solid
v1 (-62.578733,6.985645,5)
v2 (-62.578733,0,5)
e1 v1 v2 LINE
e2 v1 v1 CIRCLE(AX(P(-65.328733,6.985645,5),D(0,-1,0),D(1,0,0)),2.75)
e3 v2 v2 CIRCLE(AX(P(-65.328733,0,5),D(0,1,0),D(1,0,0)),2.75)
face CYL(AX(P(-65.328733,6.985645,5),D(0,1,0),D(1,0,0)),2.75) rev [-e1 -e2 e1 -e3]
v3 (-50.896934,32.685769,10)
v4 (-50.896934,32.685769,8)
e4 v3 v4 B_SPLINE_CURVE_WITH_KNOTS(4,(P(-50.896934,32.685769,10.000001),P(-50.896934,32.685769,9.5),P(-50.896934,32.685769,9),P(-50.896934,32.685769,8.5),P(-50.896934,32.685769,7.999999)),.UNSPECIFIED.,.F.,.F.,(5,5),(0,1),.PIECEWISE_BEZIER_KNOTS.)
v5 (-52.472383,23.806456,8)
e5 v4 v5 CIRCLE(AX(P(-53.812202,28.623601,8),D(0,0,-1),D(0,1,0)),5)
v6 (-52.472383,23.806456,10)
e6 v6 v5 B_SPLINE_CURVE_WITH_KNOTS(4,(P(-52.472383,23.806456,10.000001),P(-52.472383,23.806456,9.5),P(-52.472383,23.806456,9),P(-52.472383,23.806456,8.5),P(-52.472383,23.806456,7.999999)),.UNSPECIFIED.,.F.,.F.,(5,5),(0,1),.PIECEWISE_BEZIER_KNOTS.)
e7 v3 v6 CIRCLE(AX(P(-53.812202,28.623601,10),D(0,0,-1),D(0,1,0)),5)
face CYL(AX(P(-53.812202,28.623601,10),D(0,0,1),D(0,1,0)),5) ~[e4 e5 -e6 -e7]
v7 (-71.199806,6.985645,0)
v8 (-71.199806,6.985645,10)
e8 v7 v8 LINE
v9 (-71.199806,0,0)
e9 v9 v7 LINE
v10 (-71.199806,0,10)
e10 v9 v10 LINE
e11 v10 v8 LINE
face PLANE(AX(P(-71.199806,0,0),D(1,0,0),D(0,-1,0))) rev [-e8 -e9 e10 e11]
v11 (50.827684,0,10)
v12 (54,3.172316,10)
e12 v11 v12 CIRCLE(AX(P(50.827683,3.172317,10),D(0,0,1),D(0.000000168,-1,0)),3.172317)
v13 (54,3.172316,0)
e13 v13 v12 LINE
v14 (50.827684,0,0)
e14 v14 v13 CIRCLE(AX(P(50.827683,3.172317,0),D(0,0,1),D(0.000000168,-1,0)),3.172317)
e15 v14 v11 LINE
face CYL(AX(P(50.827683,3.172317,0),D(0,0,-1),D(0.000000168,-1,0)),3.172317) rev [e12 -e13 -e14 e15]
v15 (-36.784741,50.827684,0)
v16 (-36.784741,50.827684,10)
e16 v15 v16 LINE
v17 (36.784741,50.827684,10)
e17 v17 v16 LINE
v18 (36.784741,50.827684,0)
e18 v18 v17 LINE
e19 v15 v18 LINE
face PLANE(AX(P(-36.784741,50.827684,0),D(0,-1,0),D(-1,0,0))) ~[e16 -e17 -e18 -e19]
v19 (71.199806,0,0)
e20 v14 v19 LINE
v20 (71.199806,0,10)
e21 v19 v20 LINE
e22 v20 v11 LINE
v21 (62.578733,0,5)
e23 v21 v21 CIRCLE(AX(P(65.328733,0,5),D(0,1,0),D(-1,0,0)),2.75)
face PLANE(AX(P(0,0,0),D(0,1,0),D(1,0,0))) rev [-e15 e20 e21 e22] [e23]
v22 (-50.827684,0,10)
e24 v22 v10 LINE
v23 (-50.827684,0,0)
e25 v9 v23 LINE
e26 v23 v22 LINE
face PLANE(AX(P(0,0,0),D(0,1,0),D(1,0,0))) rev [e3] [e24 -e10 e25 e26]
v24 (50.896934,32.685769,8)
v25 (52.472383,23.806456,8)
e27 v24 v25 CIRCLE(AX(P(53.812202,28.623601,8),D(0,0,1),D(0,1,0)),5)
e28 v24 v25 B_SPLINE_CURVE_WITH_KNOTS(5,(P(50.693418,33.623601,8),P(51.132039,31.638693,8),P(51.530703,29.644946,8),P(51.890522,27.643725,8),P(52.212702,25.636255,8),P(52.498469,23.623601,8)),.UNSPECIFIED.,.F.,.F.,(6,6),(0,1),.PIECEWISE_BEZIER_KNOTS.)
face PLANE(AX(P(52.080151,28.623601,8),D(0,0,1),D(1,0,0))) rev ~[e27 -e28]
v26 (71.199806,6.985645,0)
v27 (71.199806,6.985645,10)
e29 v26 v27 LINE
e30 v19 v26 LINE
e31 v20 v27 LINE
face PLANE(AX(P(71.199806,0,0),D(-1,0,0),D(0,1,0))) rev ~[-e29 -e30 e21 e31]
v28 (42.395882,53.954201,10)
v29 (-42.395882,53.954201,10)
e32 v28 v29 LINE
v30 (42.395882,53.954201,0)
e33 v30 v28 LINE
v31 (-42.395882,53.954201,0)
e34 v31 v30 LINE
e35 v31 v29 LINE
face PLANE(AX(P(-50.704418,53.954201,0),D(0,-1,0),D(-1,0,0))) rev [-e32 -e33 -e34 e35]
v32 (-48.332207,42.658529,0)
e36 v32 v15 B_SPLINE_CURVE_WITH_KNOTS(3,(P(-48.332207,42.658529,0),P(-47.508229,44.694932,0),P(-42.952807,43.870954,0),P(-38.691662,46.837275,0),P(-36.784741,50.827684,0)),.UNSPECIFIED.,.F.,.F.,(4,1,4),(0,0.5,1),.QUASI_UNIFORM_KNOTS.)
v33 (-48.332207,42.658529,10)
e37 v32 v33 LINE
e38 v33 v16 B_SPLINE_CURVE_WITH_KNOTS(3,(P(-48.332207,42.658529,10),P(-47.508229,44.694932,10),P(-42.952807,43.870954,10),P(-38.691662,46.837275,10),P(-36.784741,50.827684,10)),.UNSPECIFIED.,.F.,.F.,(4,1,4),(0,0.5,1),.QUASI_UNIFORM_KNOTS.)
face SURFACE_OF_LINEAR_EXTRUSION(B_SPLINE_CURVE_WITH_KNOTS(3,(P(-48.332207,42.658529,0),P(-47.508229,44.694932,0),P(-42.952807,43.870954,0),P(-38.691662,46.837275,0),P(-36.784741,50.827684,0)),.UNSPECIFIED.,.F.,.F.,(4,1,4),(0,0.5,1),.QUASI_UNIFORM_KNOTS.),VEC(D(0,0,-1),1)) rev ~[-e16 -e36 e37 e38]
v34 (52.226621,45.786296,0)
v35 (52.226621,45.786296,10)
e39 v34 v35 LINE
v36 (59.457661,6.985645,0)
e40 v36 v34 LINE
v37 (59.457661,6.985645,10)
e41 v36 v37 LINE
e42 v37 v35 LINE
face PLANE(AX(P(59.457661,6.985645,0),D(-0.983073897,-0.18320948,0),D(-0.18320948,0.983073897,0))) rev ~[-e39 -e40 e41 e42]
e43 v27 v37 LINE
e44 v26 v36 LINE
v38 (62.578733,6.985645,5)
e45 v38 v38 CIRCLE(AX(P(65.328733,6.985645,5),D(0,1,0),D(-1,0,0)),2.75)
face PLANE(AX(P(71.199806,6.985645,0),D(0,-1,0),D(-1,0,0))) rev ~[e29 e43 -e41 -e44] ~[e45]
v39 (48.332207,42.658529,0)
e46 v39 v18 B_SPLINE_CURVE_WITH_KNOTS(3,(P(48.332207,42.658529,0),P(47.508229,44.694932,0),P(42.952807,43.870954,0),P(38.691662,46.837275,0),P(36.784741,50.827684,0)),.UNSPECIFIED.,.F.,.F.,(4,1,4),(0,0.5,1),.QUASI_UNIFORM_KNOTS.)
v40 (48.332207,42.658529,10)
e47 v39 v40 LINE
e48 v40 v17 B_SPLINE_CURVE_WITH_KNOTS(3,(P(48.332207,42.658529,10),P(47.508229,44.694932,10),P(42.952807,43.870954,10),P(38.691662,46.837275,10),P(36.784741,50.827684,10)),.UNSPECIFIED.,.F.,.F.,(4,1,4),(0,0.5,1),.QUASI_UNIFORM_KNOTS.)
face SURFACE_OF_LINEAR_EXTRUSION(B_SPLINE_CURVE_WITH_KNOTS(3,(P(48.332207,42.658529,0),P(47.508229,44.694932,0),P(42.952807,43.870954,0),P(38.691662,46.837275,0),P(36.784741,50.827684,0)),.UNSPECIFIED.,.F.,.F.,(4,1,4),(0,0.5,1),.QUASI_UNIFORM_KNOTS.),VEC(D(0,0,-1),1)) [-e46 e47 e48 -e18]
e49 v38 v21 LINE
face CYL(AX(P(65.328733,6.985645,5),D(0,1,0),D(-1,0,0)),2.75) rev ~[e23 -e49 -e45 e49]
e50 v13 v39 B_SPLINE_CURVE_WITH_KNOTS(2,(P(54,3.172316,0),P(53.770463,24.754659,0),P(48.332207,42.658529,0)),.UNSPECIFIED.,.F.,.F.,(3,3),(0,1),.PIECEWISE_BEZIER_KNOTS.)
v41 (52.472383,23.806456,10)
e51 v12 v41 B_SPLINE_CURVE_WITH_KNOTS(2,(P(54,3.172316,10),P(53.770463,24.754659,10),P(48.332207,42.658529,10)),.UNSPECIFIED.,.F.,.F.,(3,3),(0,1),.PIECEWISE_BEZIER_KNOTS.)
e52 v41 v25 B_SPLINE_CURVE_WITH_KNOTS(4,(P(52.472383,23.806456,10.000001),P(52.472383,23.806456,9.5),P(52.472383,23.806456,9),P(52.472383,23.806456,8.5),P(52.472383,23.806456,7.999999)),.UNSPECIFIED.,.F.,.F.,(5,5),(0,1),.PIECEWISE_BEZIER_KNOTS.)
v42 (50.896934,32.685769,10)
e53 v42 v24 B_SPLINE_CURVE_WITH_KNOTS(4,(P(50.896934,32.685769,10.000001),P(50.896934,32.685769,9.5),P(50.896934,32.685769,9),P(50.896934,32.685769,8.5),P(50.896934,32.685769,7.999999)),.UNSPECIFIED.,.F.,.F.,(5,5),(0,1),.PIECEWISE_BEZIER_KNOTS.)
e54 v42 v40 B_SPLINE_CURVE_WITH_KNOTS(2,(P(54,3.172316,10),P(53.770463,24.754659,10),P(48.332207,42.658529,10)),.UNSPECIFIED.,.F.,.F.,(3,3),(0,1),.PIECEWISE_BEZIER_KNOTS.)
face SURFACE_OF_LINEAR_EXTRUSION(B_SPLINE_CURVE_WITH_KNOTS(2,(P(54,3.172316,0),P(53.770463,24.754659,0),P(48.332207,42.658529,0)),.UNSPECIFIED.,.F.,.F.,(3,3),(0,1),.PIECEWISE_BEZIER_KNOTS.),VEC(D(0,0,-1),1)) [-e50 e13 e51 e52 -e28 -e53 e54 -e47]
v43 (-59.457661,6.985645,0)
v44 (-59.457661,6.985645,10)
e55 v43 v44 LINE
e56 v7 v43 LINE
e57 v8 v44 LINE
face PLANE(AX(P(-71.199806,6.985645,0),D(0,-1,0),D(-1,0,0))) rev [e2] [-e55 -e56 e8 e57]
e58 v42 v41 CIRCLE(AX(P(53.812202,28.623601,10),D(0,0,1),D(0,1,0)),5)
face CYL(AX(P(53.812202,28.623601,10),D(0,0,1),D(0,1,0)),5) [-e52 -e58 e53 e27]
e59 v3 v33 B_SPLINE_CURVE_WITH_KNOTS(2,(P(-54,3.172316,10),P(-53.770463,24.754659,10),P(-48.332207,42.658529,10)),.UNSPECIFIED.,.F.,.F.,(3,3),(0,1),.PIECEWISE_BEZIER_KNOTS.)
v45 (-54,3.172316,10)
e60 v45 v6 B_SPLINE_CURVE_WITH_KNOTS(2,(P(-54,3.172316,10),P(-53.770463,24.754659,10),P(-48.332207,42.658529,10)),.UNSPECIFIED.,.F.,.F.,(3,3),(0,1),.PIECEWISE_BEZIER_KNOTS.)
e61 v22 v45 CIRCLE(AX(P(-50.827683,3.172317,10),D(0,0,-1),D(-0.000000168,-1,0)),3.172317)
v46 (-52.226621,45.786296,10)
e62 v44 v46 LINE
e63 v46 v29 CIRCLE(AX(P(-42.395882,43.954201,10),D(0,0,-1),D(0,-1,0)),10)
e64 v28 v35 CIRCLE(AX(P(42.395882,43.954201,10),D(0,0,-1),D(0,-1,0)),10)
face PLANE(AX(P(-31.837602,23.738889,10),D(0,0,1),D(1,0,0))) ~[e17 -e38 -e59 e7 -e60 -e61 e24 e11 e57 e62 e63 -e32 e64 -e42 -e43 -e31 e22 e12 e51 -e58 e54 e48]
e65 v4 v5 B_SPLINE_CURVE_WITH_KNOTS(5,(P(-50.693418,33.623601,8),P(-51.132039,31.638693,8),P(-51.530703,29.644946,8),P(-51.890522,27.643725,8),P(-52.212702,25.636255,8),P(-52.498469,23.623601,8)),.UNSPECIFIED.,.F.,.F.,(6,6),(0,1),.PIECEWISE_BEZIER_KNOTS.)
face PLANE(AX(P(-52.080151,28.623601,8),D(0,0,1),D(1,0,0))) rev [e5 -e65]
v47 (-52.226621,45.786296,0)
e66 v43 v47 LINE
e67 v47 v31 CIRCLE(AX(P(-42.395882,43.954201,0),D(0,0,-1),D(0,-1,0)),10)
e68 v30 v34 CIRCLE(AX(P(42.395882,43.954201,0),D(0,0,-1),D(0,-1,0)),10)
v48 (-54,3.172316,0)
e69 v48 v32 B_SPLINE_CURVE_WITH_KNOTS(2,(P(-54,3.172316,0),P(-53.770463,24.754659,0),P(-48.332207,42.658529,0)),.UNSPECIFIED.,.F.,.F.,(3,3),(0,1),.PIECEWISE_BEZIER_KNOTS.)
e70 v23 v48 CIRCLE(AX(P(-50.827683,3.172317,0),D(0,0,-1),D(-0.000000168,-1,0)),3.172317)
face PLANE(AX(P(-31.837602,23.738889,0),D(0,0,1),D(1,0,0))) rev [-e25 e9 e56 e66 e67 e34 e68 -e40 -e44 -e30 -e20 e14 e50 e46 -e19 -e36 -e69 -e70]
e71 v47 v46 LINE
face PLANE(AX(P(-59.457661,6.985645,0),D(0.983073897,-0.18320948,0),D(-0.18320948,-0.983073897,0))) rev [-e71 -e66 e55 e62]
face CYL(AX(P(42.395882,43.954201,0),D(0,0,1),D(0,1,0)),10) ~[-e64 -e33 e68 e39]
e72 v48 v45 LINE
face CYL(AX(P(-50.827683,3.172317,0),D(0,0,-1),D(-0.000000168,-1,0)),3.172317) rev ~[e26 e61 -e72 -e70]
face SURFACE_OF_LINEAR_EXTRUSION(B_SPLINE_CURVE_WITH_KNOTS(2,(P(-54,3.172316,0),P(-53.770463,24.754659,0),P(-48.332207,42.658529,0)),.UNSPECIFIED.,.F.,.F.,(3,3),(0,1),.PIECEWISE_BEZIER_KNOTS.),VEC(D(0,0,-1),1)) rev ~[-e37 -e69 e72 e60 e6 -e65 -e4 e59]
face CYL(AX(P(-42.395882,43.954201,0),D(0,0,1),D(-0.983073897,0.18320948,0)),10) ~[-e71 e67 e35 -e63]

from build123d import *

# Parameters (mm, degrees)
PAD_DEPTH    = 10
POCKET_DEPTH = 2
PAD001_DEPTH = 10
SKETCH002_R  = 2.75
HOLE_DEPTH   = 186.769494
FILLET_R     = 10


with BuildPart() as body:
    # Sketch → Pad (new body)
    with BuildSketch(Plane.XY):
        with BuildLine():
            ThreePointArc((50.827684, 0), (53.07085, 0.92915), (54, 3.172316))
            add(Edge.make_bspline(
                [(54, 3.172316), (53.770463, 24.754659), (48.332207, 42.658529)],
                knots=[0, 0, 0, 1, 1, 1], degree=2))
            add(Edge.make_bspline(
                [(48.332207, 42.658529), (47.508229, 44.694932), (42.952807, 43.870954), (38.691662, 46.837275), (36.784741, 50.827684)],
                knots=[0, 0, 0, 0, 0.5, 1, 1, 1, 1], degree=3))
            Line((36.784741, 50.827684), (0, 50.827684))
            Line((0, 50.827684), (0, 0))
            Line((0, 0), (50.827684, 0))
        make_face()
    pad = extrude(amount=PAD_DEPTH)

    # Mirrored: Pad across Sketch V_Axis
    add(pad.mirror(Plane(origin=(0, 0, 0), x_dir=(0, 0, 1), z_dir=(1, 0, 0))))

    # Sketch003 (on Face13 of Cut) → Pocket (cut)
    with BuildSketch(Plane.XY.offset(10)):
        with BuildLine():
            ThreePointArc((53.812202, 33.623601), (48.812202, 28.623601), (53.812202, 23.623601))
            Line((53.812202, 23.623601), (53.812202, 33.623601))
        make_face()
    pocket = extrude(amount=-POCKET_DEPTH, mode=Mode.SUBTRACT)

    # Mirrored003: Pocket across Sketch003 V_Axis
    add(pocket.mirror(Plane(origin=(0, 0, 10), x_dir=(0, 0, 1), z_dir=(1, 0, 0))), mode=Mode.SUBTRACT)


with BuildPart() as cut:
    # Sketch001 → Pad001 (new body)
    with BuildSketch(Plane.XY):
        Polygon((0, 0), (71.199806, 0), (71.199806, 6.985645), (59.457661, 6.985645), (50.704418, 53.954201), (0, 53.954201), align=None)
    pad001 = extrude(amount=PAD001_DEPTH)

    # Sketch002 (on Face3 of Pad001) → Hole (cut, through all)
    with BuildSketch(Plane(origin=(0, 6.985645, 0), x_dir=(-1, 0, 0), z_dir=(0, 1, 0))):
        with Locations((-65.328733, 5)):
            Circle(SKETCH002_R)
    hole = extrude(amount=-HOLE_DEPTH, mode=Mode.SUBTRACT)

    # Mirrored001: Pad001 across Sketch001 V_Axis
    add(pad001.mirror(Plane(origin=(0, 0, 0), x_dir=(0, 0, 1), z_dir=(1, 0, 0))))

    # Mirrored002: Hole across Sketch002 V_Axis
    add(hole.mirror(Plane(origin=(0, 6.985645, 0), x_dir=(0, 1, 0), z_dir=(-1, 0, 0))), mode=Mode.SUBTRACT)

    # Fillet
    fillet_edges = [cut.edges().sort_by_distance(p)[0] for p in [
        (50.704418, 53.954201, 5),
        (-50.704418, 53.954201, 5),
    ]]
    fillet(fillet_edges, radius=FILLET_R)

    # Cut: cut Body
    add(body.part, mode=Mode.SUBTRACT)


solid = cut.part
